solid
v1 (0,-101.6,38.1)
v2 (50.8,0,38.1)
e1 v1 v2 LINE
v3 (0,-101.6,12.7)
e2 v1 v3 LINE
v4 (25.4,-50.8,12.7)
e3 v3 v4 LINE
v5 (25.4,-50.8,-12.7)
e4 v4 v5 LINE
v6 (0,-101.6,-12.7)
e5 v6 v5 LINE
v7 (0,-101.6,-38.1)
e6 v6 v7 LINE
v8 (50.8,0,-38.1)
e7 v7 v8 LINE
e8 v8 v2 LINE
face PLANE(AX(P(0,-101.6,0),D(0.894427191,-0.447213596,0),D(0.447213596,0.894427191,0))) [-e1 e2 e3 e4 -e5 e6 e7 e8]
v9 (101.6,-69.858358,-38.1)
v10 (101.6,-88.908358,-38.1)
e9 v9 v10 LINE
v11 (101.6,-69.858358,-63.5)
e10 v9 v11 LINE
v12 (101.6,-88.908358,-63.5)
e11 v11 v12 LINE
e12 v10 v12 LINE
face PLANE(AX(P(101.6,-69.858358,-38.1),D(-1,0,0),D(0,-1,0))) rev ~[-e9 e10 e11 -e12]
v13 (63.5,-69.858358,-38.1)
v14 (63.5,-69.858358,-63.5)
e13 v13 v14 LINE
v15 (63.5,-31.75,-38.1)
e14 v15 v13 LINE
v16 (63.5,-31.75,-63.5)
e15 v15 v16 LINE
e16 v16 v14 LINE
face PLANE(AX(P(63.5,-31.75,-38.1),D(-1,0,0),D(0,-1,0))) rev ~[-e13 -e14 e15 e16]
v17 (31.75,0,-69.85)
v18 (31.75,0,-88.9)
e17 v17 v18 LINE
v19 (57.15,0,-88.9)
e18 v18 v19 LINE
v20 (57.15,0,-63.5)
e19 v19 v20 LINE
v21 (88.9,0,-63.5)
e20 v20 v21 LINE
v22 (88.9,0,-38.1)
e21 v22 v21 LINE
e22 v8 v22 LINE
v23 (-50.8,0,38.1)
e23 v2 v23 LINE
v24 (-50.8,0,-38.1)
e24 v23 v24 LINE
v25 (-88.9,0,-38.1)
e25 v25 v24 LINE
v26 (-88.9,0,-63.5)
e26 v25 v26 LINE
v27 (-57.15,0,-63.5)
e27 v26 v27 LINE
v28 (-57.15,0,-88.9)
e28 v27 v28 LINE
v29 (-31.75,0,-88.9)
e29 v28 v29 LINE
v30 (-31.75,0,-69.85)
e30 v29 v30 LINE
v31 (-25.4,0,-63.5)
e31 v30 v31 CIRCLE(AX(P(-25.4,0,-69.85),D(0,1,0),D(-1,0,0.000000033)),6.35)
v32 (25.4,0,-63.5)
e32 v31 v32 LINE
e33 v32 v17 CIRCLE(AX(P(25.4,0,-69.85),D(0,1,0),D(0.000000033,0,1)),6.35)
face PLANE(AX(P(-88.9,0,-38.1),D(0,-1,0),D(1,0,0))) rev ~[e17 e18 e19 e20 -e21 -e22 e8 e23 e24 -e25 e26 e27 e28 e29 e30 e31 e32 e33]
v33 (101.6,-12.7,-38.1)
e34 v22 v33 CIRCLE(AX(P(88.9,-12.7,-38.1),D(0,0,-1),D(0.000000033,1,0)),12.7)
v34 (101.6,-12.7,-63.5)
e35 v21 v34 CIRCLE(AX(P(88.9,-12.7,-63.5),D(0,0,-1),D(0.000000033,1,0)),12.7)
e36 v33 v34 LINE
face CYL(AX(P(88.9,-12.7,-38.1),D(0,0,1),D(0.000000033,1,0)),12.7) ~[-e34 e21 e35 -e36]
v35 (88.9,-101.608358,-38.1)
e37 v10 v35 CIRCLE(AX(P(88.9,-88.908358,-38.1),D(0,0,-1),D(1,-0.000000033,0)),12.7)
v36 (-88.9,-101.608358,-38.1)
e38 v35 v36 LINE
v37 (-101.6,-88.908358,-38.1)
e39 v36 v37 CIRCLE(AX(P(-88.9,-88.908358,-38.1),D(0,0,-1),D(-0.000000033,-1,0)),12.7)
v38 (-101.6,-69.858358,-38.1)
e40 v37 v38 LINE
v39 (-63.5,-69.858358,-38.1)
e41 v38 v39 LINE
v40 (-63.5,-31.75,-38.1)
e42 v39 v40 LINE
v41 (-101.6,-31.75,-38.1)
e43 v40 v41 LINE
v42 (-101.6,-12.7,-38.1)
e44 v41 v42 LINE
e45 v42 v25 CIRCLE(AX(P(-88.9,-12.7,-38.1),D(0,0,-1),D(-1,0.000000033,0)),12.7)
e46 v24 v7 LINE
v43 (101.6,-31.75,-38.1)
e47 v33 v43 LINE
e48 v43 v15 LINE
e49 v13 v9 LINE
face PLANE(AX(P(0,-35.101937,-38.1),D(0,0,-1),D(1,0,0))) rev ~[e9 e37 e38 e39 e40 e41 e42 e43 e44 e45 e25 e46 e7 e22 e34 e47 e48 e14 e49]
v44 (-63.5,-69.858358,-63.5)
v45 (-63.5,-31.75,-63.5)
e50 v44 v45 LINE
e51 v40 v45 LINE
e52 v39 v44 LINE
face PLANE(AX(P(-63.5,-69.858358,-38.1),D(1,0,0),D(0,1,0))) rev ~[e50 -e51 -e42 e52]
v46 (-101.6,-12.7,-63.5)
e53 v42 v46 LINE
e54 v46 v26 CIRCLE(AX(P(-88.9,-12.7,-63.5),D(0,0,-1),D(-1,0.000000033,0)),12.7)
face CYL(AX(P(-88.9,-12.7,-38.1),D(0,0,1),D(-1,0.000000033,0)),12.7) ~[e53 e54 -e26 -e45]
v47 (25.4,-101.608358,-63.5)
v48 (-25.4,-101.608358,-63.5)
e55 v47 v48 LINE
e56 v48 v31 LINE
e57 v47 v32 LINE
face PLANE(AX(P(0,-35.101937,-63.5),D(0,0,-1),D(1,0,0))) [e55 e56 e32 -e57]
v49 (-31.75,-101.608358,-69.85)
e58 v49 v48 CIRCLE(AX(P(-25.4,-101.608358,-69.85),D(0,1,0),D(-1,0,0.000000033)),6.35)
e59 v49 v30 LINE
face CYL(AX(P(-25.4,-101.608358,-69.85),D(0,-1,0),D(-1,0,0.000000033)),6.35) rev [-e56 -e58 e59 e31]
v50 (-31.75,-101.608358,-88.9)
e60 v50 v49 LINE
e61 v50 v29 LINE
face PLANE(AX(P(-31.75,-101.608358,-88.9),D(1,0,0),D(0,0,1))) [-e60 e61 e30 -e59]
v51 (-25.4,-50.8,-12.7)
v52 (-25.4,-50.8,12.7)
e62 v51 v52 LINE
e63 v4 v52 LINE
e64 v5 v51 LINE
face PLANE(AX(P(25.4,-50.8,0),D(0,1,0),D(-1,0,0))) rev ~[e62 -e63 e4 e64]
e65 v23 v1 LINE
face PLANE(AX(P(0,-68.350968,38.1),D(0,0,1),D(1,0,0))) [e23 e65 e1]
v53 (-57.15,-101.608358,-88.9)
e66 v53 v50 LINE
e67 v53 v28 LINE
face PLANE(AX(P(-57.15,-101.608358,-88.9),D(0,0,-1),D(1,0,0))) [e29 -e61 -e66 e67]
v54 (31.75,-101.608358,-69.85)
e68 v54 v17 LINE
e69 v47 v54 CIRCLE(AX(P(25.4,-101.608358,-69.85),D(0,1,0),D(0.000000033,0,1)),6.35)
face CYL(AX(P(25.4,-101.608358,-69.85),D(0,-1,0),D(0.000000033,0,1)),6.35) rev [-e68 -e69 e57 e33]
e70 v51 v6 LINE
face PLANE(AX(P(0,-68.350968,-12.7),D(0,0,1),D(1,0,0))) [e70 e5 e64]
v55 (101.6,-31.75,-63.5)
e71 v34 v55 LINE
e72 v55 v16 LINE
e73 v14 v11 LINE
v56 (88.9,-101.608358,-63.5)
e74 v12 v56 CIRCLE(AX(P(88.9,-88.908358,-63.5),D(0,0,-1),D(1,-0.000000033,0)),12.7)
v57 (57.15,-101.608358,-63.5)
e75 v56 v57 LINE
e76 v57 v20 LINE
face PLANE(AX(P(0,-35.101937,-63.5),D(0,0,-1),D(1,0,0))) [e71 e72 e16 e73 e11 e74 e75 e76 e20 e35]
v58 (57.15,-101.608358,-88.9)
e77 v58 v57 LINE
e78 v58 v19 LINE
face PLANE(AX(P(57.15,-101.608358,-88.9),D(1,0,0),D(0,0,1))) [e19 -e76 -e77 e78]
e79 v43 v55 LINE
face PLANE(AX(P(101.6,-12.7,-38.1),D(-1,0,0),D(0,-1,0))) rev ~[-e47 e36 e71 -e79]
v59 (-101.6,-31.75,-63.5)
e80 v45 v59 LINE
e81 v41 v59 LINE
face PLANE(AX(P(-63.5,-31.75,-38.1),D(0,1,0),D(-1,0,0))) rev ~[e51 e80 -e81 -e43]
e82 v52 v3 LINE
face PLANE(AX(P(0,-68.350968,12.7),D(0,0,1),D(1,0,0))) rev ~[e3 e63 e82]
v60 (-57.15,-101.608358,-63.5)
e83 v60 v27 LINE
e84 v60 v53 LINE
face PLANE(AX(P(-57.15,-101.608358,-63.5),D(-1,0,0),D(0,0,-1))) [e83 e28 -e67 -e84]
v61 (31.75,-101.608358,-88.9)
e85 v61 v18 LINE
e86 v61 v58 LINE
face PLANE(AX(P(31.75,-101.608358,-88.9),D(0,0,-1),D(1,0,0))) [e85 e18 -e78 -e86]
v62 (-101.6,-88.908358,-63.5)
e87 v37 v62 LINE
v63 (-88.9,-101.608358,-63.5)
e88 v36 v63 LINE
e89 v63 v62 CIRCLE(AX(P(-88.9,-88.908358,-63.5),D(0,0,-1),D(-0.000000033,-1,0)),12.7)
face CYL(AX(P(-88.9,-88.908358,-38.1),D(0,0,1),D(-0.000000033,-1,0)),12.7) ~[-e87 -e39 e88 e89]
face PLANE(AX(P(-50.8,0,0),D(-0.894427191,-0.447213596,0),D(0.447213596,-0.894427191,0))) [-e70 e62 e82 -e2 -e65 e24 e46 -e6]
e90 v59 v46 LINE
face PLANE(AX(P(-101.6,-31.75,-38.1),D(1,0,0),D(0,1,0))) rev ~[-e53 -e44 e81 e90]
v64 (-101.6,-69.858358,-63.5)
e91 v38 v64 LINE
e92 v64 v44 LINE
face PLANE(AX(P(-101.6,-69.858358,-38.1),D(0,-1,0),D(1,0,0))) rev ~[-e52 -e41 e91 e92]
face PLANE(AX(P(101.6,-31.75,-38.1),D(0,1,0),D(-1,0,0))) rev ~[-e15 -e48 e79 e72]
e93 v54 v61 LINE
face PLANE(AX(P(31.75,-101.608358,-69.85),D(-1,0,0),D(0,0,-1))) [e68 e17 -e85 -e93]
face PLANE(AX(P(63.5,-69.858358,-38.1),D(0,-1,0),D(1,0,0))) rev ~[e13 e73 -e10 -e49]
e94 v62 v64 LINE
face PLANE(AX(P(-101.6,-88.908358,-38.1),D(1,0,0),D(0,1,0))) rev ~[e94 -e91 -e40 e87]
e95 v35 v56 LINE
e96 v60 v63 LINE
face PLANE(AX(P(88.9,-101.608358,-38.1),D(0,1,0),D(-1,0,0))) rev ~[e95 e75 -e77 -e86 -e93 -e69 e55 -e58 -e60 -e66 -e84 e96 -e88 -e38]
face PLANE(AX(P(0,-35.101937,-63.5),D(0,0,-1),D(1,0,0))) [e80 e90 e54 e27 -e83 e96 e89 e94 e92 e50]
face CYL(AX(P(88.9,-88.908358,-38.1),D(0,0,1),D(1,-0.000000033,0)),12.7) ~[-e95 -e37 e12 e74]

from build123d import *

# Parameters (mm, degrees)
F1_DEPTH = 38.1
F2_DEPTH = 12.7
F4_DEPTH = 25.4
F6_DEPTH = 101.608358


with BuildPart() as f1:
    # F0 (on Top) → F1 (new body, symmetric)
    with BuildSketch(Plane.XY):
        Polygon((25.4, -50.8), (-25.4, -50.8), (0, -101.6), align=None)
        Polygon((50.8, 0), (-50.8, 0), (-25.4, -50.8), (25.4, -50.8), align=None)
    extrude(amount=F1_DEPTH, both=True)

    # F0 (on Top) → F2 (cut, symmetric)
    with BuildSketch(Plane.XY):
        Polygon((25.4, -50.8), (-25.4, -50.8), (0, -101.6), align=None)
    extrude(amount=F2_DEPTH, both=True, mode=Mode.SUBTRACT)

    # F3 (on face) → F4 (join)
    with BuildSketch(Plane(origin=(0, 0, -38.1), x_dir=(1, 0, 0), z_dir=(0, 0, -1))):
        Polygon((0, 101.6), (-50.8, 0), (50.8, 0), align=None)
        with BuildLine():
            ThreePointArc((-101.6, 12.7), (-97.880256, 3.719744), (-88.9, 0))
            Line((-88.9, 0), (-50.8, 0))
            Line((-50.8, 0), (0, 101.6))
            Line((0, 101.6), (50.8, 0))
            Line((50.8, 0), (88.9, 0))
            ThreePointArc((88.9, 0), (97.880256, 3.719744), (101.6, 12.7))
            Line((101.6, 12.7), (101.6, 31.75))
            Line((101.6, 31.75), (63.5, 31.75))
            Line((63.5, 31.75), (63.5, 69.858358))
            Line((63.5, 69.858358), (101.6, 69.858358))
            Line((101.6, 69.858358), (101.6, 88.908358))
            ThreePointArc((101.6, 88.908358), (97.880256, 97.888614), (88.9, 101.608358))
            Line((88.9, 101.608358), (-88.9, 101.608358))
            ThreePointArc((-88.9, 101.608358), (-97.880256, 97.888614), (-101.6, 88.908358))
            Line((-101.6, 88.908358), (-101.6, 69.858358))
            Line((-101.6, 69.858358), (-63.5, 69.858358))
            Line((-63.5, 69.858358), (-63.5, 31.75))
            Line((-63.5, 31.75), (-101.6, 31.75))
            Line((-101.6, 31.75), (-101.6, 12.7))
        make_face()
    extrude(amount=F4_DEPTH)

    # F5 (on face) → F6 (join, through all)
    with BuildSketch(Plane.XZ.offset(101.608358)):
        Polygon((-31.75, -63.5), (-57.15, -63.5), (-57.15, -88.9), (-31.75, -88.9), (-31.75, -69.85), align=None)
        with BuildLine():
            Line((-25.4, -63.5), (-31.75, -63.5))
            Line((-31.75, -63.5), (-31.75, -69.85))
            ThreePointArc((-31.75, -69.85), (-29.890128, -65.359872), (-25.4, -63.5))
        make_face()
        with BuildLine():
            Line((31.75, -63.5), (25.4, -63.5))
            ThreePointArc((25.4, -63.5), (29.890128, -65.359872), (31.75, -69.85))
            Line((31.75, -69.85), (31.75, -63.5))
        make_face()
        Polygon((31.75, -63.5), (31.75, -69.85), (31.75, -88.9), (57.15, -88.9), (57.15, -63.5), align=None)
    extrude(amount=-F6_DEPTH)


solid = f1.part
